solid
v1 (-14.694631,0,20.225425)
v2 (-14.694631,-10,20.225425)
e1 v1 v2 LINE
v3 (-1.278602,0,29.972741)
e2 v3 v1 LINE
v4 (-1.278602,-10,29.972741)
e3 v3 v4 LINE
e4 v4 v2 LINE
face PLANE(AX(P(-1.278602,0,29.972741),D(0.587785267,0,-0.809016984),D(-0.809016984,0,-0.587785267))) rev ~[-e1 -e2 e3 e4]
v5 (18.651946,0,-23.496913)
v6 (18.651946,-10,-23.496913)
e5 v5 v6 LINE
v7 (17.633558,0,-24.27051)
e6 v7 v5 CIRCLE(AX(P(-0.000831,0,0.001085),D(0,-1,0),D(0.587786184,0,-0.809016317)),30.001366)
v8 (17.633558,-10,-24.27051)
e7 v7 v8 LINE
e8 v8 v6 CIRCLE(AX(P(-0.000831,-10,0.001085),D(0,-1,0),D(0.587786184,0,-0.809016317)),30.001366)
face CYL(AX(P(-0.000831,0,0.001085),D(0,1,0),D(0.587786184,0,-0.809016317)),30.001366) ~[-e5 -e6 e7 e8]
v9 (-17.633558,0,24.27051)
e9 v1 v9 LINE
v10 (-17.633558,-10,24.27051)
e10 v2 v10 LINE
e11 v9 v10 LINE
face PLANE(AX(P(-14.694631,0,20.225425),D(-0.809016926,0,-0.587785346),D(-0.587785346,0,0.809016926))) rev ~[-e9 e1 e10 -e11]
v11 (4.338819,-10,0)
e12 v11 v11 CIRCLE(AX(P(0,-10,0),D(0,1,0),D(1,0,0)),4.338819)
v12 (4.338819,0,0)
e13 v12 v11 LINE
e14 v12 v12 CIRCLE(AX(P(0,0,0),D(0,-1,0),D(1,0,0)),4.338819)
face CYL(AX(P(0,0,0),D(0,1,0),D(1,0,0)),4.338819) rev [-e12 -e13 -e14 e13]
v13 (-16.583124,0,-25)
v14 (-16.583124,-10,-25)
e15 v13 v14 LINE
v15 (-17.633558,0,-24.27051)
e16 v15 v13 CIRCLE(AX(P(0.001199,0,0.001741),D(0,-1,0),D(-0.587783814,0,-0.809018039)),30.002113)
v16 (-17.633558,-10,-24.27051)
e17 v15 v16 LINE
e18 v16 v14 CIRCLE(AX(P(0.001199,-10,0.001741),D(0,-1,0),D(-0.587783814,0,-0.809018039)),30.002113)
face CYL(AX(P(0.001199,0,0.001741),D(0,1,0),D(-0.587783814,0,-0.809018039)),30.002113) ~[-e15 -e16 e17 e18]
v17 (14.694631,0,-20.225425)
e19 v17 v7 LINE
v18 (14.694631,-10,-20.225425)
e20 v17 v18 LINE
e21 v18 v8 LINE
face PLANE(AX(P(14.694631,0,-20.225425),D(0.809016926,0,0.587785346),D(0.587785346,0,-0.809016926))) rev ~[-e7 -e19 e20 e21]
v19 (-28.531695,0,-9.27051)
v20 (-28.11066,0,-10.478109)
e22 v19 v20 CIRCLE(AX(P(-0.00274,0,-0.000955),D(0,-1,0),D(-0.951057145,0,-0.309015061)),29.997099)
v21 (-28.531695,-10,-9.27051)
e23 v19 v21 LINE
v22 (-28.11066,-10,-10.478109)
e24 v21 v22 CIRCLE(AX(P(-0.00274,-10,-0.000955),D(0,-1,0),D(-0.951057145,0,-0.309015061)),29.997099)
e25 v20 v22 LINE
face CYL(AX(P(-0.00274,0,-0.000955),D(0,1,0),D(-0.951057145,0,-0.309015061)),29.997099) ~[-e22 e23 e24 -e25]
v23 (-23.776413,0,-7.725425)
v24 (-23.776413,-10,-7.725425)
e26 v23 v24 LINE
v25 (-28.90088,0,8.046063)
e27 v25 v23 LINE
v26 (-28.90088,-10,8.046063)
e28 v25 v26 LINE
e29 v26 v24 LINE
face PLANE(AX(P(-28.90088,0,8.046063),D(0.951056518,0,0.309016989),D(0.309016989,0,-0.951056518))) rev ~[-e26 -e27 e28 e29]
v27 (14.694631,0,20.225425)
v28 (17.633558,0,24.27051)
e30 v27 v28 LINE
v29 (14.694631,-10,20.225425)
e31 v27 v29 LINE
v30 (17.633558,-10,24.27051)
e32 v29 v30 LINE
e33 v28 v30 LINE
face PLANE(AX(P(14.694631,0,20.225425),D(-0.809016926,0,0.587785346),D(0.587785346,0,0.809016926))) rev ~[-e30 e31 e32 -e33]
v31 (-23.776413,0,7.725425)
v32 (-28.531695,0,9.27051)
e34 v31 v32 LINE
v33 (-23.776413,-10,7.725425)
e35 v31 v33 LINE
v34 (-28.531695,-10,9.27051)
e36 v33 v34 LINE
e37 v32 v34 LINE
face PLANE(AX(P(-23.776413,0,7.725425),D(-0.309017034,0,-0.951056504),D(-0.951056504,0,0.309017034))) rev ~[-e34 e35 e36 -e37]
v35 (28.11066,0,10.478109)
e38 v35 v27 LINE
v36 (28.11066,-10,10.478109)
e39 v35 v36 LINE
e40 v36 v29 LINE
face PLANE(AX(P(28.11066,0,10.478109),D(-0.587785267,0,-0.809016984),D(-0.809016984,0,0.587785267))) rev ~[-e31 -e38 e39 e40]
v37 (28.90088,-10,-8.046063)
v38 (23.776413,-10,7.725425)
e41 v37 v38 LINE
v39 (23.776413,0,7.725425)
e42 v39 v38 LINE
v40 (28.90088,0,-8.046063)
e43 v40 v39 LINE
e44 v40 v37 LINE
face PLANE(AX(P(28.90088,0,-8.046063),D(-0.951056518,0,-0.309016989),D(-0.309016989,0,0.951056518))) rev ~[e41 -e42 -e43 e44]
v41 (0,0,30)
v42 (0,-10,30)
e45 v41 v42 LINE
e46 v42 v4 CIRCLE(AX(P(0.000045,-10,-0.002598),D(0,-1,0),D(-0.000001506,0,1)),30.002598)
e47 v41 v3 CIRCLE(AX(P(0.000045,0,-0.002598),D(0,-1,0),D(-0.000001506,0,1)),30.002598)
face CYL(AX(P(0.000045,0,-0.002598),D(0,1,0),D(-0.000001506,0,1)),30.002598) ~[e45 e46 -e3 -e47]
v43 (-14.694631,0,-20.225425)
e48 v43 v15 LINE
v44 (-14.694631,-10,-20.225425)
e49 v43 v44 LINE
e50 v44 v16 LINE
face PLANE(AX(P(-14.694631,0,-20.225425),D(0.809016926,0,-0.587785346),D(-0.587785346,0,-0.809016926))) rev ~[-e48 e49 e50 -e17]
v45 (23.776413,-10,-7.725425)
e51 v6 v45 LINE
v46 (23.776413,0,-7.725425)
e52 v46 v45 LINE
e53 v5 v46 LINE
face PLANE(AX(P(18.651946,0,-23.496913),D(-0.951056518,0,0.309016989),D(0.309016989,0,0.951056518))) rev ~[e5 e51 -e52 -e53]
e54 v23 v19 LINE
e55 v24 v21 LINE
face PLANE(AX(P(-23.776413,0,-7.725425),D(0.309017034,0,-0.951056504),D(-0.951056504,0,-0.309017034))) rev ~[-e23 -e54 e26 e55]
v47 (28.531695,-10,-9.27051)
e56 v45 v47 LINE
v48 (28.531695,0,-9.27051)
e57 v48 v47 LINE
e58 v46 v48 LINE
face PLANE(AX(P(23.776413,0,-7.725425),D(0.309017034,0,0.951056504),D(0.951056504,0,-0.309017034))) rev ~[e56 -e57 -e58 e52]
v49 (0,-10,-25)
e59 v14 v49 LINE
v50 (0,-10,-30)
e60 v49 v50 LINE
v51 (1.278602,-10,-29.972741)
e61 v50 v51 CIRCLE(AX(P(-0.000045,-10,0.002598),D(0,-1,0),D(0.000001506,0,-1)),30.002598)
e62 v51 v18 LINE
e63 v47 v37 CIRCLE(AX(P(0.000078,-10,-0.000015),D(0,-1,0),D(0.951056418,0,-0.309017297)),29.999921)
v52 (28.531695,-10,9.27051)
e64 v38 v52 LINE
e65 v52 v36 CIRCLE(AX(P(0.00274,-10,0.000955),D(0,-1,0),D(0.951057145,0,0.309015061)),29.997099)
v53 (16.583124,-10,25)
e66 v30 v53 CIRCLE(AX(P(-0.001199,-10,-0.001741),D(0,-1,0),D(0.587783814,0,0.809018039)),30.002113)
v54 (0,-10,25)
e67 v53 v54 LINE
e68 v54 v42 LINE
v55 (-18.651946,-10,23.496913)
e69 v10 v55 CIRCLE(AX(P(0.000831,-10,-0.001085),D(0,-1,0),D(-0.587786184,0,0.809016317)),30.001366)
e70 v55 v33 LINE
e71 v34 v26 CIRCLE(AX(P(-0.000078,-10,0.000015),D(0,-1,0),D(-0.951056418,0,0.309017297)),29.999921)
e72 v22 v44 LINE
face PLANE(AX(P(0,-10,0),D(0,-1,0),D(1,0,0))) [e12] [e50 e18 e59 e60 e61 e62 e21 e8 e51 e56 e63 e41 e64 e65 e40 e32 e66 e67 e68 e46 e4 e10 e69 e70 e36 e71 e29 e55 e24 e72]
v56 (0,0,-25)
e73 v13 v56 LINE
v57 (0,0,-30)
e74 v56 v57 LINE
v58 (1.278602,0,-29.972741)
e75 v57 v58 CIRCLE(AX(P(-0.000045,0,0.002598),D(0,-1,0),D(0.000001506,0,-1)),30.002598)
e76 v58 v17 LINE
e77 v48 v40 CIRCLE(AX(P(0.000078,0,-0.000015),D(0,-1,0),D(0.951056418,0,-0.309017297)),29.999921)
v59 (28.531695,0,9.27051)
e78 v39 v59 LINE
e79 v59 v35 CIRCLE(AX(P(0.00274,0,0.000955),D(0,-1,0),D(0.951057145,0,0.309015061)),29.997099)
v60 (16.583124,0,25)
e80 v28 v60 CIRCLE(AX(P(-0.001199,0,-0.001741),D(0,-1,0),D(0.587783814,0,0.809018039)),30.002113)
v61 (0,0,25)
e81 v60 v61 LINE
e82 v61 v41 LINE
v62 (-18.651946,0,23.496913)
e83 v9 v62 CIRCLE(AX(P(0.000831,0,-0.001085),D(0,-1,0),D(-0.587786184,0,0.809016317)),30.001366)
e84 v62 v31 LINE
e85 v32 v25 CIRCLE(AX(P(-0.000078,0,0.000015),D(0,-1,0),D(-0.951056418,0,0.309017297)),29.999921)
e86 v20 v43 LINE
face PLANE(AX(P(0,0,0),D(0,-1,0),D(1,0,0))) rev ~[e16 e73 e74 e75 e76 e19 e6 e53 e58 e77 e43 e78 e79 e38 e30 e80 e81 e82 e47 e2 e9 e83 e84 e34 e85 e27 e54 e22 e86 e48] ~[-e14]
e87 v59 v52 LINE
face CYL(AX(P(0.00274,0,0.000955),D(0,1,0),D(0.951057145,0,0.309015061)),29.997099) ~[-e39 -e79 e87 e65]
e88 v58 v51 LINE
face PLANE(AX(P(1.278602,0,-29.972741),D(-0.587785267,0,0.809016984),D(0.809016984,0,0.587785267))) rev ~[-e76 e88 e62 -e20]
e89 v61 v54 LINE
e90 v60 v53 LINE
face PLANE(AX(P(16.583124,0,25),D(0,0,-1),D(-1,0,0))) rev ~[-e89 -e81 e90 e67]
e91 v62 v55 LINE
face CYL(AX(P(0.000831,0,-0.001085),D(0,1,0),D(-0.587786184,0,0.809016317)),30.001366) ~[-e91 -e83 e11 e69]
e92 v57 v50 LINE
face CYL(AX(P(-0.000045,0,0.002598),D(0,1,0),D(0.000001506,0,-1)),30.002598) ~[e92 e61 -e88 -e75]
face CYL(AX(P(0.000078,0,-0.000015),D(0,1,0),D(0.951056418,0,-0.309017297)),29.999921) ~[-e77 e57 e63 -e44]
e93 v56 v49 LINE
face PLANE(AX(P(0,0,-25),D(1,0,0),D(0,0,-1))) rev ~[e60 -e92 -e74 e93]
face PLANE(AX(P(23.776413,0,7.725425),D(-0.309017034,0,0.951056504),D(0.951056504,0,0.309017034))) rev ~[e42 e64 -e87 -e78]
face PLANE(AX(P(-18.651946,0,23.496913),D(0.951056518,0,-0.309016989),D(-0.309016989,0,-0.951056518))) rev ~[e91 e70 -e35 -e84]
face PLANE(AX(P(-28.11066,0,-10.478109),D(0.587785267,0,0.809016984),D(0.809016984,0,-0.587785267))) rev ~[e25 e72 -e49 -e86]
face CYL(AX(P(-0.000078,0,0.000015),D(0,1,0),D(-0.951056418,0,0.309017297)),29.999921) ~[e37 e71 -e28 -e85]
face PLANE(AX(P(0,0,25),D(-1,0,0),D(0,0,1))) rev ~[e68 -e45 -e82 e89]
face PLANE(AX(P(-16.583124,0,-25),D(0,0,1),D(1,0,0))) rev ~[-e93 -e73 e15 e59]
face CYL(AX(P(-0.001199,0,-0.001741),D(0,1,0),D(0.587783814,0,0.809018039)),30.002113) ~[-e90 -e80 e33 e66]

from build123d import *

# Parameters (mm, degrees)
F1_DEPTH = 10
F2_R     = 4.338819
F3_DEPTH = 25


with BuildPart() as f1:
    # F0 (on Front) → F1 (new body)
    with BuildSketch(Plane.XZ):
        with BuildLine():
            Line((14.694631, 20.225425), (17.633558, 24.27051))
            ThreePointArc((17.633558, 24.27051), (17.112228, 24.640853), (16.583124, 25))
            Line((16.583124, 25), (0, 25))
            Line((0, 25), (0, 30))
            ThreePointArc((0, 30), (-0.639446, 29.993184), (-1.278602, 29.972741))
            Line((-1.278602, 29.972741), (-14.694631, 20.225425))
            Line((-14.694631, 20.225425), (-17.633558, 24.27051))
            ThreePointArc((-17.633558, 24.27051), (-18.146874, 23.889139), (-18.651946, 23.496913))
            Line((-18.651946, 23.496913), (-23.776413, 7.725425))
            Line((-23.776413, 7.725425), (-28.531695, 9.27051))
            ThreePointArc((-28.531695, 9.27051), (-28.722813, 8.660254), (-28.90088, 8.046063))
            Line((-28.90088, 8.046063), (-23.776413, -7.725425))
            Line((-23.776413, -7.725425), (-28.531695, -9.27051))
            ThreePointArc((-28.531695, -9.27051), (-28.327614, -9.876553), (-28.11066, -10.478109))
            Line((-28.11066, -10.478109), (-14.694631, -20.225425))
            Line((-14.694631, -20.225425), (-17.633558, -24.27051))
            ThreePointArc((-17.633558, -24.27051), (-17.112228, -24.640853), (-16.583124, -25))
            Line((-16.583124, -25), (0, -25))
            Line((0, -25), (0, -30))
            ThreePointArc((0, -30), (0.639446, -29.993184), (1.278602, -29.972741))
            Line((1.278602, -29.972741), (14.694631, -20.225425))
            Line((14.694631, -20.225425), (17.633558, -24.27051))
            ThreePointArc((17.633558, -24.27051), (18.146874, -23.889139), (18.651946, -23.496913))
            Line((18.651946, -23.496913), (23.776413, -7.725425))
            Line((23.776413, -7.725425), (28.531695, -9.27051))
            ThreePointArc((28.531695, -9.27051), (28.722813, -8.660254), (28.90088, -8.046063))
            Line((28.90088, -8.046063), (23.776413, 7.725425))
            Line((23.776413, 7.725425), (28.531695, 9.27051))
            ThreePointArc((28.531695, 9.27051), (28.327614, 9.876553), (28.11066, 10.478109))
            Line((28.11066, 10.478109), (14.694631, 20.225425))
        make_face()
    extrude(amount=F1_DEPTH)

    # F2 (on Front) → F3 (cut)
    with BuildSketch(Plane.XZ):
        Circle(F2_R)
    extrude(amount=F3_DEPTH, mode=Mode.SUBTRACT)


solid = f1.part
